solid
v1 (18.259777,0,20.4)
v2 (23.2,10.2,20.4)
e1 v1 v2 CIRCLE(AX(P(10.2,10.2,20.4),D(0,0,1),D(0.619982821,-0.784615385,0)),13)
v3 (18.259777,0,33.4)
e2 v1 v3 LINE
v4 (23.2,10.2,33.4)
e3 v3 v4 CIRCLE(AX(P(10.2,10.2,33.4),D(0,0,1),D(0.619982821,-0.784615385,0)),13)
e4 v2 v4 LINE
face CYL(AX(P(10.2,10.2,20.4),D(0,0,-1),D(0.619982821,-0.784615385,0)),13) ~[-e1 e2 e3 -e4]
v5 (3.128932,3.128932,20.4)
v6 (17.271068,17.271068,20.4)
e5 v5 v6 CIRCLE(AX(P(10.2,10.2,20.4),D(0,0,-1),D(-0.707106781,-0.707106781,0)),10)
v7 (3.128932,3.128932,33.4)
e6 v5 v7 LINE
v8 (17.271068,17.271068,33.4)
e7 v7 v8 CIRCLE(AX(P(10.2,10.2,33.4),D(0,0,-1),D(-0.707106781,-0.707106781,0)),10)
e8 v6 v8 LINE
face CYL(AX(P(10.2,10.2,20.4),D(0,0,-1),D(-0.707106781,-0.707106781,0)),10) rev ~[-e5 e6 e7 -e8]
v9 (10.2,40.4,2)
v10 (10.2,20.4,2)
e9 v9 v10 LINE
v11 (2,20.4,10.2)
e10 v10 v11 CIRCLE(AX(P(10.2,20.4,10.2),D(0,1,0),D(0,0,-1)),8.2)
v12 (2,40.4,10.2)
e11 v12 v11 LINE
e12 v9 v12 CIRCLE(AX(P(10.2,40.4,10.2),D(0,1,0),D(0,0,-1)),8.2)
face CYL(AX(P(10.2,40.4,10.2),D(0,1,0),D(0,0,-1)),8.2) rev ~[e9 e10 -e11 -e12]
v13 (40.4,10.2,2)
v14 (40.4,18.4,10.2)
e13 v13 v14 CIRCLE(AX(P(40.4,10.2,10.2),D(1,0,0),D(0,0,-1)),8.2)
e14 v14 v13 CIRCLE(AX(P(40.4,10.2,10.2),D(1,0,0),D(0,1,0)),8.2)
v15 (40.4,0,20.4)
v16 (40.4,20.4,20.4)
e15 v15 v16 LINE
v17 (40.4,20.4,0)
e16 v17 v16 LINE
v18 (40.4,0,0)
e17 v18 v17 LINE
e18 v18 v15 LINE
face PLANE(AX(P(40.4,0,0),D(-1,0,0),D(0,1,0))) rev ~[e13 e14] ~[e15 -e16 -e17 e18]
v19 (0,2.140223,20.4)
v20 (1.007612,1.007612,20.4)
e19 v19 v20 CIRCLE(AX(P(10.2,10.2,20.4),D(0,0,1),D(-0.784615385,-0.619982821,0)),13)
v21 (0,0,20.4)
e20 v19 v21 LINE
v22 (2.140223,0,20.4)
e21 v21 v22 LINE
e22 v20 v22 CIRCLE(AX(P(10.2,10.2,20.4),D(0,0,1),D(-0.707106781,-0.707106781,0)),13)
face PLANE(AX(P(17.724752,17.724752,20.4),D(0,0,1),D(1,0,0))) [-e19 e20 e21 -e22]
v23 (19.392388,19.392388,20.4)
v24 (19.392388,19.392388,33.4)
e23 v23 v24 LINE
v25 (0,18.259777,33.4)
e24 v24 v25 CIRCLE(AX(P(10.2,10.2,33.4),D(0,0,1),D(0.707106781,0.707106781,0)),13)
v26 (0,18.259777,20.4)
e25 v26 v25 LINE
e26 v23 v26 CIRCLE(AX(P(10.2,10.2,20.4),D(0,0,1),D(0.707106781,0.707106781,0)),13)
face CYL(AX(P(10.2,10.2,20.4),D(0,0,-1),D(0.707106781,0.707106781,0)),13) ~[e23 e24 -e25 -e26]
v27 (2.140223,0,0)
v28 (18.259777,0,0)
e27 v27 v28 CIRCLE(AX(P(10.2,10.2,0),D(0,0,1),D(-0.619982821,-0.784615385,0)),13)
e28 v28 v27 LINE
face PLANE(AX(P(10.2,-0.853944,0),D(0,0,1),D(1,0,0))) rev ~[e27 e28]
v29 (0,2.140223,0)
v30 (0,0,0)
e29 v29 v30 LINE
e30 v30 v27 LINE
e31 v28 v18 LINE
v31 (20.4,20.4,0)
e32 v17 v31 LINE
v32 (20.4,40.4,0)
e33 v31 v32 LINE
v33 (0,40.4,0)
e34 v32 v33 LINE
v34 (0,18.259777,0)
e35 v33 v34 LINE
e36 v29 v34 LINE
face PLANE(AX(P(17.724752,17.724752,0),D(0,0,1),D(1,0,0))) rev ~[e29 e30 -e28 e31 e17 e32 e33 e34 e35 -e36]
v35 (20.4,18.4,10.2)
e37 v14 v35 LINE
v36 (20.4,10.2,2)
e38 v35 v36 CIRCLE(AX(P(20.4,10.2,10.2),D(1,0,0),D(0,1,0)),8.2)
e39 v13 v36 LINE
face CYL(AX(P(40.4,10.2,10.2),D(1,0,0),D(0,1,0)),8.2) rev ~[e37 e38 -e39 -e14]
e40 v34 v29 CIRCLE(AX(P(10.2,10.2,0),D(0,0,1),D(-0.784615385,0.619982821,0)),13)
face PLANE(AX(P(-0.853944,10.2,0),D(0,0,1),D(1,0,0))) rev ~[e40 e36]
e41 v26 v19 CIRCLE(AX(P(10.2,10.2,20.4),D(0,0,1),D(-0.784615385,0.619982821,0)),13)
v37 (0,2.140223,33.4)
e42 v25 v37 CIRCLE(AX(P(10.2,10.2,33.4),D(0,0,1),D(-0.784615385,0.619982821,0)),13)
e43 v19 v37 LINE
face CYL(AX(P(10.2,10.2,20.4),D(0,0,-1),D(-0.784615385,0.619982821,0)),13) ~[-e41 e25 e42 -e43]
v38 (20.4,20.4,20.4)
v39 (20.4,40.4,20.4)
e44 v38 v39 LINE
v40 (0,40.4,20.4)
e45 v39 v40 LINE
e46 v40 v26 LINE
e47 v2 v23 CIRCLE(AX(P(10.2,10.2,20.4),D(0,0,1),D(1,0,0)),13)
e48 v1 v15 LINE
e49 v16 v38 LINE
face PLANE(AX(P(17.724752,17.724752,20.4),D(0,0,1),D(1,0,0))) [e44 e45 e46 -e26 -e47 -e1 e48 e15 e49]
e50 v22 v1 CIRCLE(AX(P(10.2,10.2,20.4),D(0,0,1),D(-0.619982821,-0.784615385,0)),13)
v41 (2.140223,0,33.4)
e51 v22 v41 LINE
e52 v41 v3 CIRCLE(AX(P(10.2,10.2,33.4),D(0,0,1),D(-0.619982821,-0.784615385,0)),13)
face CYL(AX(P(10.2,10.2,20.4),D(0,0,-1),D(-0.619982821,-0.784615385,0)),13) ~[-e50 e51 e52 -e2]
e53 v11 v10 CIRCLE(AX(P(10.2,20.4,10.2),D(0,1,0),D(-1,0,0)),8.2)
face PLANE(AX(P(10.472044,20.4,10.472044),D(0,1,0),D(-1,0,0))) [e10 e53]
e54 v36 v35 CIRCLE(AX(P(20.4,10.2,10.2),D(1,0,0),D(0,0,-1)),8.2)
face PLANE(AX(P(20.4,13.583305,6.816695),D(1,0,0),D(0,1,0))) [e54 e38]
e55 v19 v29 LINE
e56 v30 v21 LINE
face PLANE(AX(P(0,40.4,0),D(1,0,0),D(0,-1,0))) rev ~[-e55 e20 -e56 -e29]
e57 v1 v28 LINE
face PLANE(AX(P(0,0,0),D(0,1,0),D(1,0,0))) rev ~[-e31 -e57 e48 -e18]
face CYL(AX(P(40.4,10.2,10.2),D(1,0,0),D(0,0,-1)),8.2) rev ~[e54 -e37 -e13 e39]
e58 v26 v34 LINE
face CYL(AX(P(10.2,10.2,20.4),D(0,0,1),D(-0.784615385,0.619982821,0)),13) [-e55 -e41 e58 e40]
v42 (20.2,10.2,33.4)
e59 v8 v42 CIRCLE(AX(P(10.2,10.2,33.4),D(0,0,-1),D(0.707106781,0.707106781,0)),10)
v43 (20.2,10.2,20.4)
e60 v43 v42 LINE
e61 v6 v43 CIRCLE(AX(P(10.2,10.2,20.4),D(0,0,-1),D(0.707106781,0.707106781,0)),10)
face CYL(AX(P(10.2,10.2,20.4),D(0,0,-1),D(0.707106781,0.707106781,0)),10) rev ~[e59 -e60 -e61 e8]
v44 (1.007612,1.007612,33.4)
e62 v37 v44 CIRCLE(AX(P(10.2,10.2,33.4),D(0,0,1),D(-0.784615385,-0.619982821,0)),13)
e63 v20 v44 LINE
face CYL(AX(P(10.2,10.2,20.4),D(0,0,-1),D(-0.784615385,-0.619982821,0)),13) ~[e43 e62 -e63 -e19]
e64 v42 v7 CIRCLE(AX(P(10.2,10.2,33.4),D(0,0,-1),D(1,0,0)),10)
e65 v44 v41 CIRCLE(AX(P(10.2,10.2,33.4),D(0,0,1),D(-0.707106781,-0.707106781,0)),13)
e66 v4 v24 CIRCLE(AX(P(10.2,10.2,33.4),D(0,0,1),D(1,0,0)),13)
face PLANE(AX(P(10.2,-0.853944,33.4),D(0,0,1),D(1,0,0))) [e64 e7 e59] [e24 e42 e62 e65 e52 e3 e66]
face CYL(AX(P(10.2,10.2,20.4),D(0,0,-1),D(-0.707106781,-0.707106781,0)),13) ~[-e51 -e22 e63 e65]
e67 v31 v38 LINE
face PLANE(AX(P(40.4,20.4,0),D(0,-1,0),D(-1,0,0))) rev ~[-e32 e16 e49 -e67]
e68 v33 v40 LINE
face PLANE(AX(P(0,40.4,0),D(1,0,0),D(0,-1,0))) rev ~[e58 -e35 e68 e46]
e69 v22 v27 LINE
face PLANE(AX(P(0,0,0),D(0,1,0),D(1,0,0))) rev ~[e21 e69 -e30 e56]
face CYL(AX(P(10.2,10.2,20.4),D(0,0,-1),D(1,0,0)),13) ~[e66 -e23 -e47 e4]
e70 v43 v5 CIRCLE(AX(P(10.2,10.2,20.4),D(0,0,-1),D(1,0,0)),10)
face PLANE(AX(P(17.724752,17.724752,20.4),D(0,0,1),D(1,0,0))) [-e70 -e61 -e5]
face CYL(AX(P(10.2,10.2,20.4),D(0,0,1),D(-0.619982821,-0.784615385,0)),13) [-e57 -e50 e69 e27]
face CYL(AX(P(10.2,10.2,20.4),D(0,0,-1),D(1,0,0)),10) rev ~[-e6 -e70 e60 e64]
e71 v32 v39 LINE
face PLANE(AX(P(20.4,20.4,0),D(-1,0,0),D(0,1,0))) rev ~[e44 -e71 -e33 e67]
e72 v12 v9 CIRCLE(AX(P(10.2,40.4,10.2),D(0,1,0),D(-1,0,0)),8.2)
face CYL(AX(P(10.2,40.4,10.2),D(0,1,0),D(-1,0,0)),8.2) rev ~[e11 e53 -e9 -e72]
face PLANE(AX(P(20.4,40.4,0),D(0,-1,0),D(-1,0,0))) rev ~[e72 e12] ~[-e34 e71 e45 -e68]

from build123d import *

# Parameters (mm, degrees)
F1_DEPTH = 20.4
F4_DEPTH = 20
F5_DEPTH = 20
F7_DEPTH = 13
F8_DEPTH = 20.4
F9_DEPTH = 20.4


with BuildPart() as f1:
    # F0 (on Top) → F1 (new body)
    with BuildSketch(Plane.XY):
        Polygon((0, 40.4), (0, 0), (40.4, 0), (40.4, 20.4), (20.4, 20.4), (20.4, 40.4), align=None)
    extrude(amount=F1_DEPTH)

    # F3 (on face) → F4 (cut)
    with BuildSketch(Plane(origin=(0, 40.4, 0), x_dir=(-1, 0, 0), z_dir=(0, 1, 0))):
        with BuildLine():
            Line((-10.2, 10.2), (-2, 10.2))
            ThreePointArc((-2, 10.2), (-15.9982756057, 15.9982756057), (-10.2, 2))
            Line((-10.2, 2), (-10.2, 10.2))
        make_face()
        with BuildLine():
            ThreePointArc((-10.2, 2), (-4.4017243943, 4.4017243943), (-2, 10.2))
            Line((-2, 10.2), (-10.2, 10.2))
            Line((-10.2, 10.2), (-10.2, 2))
        make_face()
    extrude(amount=-F4_DEPTH, mode=Mode.SUBTRACT)

    # F2 (on face) → F5 (cut)
    with BuildSketch(Plane.YZ.offset(40.4)):
        with BuildLine():
            ThreePointArc((10.2, 2), (15.9982756057, 4.4017243943), (18.4, 10.2))
            Line((18.4, 10.2), (10.2, 10.2))
            Line((10.2, 10.2), (10.2, 2))
        make_face()
        with BuildLine():
            Line((10.2, 10.2), (18.4, 10.2))
            ThreePointArc((18.4, 10.2), (4.4017243943, 15.9982756057), (10.2, 2))
            Line((10.2, 2), (10.2, 10.2))
        make_face()
    extrude(amount=-F5_DEPTH, mode=Mode.SUBTRACT)

    # F6 (on face) → F7 (join)
    with BuildSketch(Plane.XY.offset(20.4)):
        with BuildLine():
            Line((18.2597766718, 0), (2.1402233282, 0))
            ThreePointArc((2.1402233282, 0), (10.2, -2.8), (18.2597766718, 0))
        make_face()
        with BuildLine():
            ThreePointArc((0, 18.2597766718), (-2.8, 10.2), (0, 2.1402233282))
            Line((0, 2.1402233282), (0, 18.2597766718))
        make_face()
        with BuildLine():
            Line((3.1289321881, 3.1289321881), (1.0076118446, 1.0076118446))
            ThreePointArc((1.0076118446, 1.0076118446), (1.5592177314, 0.4872824716), (2.1402233282, 0))
            Line((2.1402233282, 0), (18.2597766718, 0))
            ThreePointArc((18.2597766718, 0), (21.8999379642, 4.5333032874), (23.2, 10.2))
            ThreePointArc((23.2, 10.2), (22.2104339226, 15.1748846207), (19.3923881554, 19.3923881554))
            Line((19.3923881554, 19.3923881554), (17.2710678119, 17.2710678119))
            ThreePointArc((17.2710678119, 17.2710678119), (19.4387953251, 14.0268343237), (20.2, 10.2))
            ThreePointArc((20.2, 10.2), (14.0268343237, 0.9612046749), (3.1289321881, 3.1289321881))
        make_face()
        with BuildLine():
            ThreePointArc((0, 2.1402233282), (0.4872824716, 1.5592177314), (1.0076118446, 1.0076118446))
            Line((1.0076118446, 1.0076118446), (3.1289321881, 3.1289321881))
            ThreePointArc((3.1289321881, 3.1289321881), (3.1289321881, 17.2710678119), (17.2710678119, 17.2710678119))
            Line((17.2710678119, 17.2710678119), (19.3923881554, 19.3923881554))
            ThreePointArc((19.3923881554, 19.3923881554), (9.4420273089, 23.177884165), (0, 18.2597766718))
            Line((0, 18.2597766718), (0, 2.1402233282))
        make_face()
    extrude(amount=F7_DEPTH)

    # F6 (on face) → F8 (join)
    with BuildSketch(Plane.XY.offset(20.4)):
        with BuildLine():
            Line((18.2597766718, 0), (2.1402233282, 0))
            ThreePointArc((2.1402233282, 0), (10.2, -2.8), (18.2597766718, 0))
        make_face()
    extrude(amount=-F8_DEPTH)

    # F6 (on face) → F9 (join)
    with BuildSketch(Plane.XY.offset(20.4)):
        with BuildLine():
            ThreePointArc((0, 18.2597766718), (-2.8, 10.2), (0, 2.1402233282))
            Line((0, 2.1402233282), (0, 18.2597766718))
        make_face()
    extrude(amount=-F9_DEPTH)


solid = f1.part
